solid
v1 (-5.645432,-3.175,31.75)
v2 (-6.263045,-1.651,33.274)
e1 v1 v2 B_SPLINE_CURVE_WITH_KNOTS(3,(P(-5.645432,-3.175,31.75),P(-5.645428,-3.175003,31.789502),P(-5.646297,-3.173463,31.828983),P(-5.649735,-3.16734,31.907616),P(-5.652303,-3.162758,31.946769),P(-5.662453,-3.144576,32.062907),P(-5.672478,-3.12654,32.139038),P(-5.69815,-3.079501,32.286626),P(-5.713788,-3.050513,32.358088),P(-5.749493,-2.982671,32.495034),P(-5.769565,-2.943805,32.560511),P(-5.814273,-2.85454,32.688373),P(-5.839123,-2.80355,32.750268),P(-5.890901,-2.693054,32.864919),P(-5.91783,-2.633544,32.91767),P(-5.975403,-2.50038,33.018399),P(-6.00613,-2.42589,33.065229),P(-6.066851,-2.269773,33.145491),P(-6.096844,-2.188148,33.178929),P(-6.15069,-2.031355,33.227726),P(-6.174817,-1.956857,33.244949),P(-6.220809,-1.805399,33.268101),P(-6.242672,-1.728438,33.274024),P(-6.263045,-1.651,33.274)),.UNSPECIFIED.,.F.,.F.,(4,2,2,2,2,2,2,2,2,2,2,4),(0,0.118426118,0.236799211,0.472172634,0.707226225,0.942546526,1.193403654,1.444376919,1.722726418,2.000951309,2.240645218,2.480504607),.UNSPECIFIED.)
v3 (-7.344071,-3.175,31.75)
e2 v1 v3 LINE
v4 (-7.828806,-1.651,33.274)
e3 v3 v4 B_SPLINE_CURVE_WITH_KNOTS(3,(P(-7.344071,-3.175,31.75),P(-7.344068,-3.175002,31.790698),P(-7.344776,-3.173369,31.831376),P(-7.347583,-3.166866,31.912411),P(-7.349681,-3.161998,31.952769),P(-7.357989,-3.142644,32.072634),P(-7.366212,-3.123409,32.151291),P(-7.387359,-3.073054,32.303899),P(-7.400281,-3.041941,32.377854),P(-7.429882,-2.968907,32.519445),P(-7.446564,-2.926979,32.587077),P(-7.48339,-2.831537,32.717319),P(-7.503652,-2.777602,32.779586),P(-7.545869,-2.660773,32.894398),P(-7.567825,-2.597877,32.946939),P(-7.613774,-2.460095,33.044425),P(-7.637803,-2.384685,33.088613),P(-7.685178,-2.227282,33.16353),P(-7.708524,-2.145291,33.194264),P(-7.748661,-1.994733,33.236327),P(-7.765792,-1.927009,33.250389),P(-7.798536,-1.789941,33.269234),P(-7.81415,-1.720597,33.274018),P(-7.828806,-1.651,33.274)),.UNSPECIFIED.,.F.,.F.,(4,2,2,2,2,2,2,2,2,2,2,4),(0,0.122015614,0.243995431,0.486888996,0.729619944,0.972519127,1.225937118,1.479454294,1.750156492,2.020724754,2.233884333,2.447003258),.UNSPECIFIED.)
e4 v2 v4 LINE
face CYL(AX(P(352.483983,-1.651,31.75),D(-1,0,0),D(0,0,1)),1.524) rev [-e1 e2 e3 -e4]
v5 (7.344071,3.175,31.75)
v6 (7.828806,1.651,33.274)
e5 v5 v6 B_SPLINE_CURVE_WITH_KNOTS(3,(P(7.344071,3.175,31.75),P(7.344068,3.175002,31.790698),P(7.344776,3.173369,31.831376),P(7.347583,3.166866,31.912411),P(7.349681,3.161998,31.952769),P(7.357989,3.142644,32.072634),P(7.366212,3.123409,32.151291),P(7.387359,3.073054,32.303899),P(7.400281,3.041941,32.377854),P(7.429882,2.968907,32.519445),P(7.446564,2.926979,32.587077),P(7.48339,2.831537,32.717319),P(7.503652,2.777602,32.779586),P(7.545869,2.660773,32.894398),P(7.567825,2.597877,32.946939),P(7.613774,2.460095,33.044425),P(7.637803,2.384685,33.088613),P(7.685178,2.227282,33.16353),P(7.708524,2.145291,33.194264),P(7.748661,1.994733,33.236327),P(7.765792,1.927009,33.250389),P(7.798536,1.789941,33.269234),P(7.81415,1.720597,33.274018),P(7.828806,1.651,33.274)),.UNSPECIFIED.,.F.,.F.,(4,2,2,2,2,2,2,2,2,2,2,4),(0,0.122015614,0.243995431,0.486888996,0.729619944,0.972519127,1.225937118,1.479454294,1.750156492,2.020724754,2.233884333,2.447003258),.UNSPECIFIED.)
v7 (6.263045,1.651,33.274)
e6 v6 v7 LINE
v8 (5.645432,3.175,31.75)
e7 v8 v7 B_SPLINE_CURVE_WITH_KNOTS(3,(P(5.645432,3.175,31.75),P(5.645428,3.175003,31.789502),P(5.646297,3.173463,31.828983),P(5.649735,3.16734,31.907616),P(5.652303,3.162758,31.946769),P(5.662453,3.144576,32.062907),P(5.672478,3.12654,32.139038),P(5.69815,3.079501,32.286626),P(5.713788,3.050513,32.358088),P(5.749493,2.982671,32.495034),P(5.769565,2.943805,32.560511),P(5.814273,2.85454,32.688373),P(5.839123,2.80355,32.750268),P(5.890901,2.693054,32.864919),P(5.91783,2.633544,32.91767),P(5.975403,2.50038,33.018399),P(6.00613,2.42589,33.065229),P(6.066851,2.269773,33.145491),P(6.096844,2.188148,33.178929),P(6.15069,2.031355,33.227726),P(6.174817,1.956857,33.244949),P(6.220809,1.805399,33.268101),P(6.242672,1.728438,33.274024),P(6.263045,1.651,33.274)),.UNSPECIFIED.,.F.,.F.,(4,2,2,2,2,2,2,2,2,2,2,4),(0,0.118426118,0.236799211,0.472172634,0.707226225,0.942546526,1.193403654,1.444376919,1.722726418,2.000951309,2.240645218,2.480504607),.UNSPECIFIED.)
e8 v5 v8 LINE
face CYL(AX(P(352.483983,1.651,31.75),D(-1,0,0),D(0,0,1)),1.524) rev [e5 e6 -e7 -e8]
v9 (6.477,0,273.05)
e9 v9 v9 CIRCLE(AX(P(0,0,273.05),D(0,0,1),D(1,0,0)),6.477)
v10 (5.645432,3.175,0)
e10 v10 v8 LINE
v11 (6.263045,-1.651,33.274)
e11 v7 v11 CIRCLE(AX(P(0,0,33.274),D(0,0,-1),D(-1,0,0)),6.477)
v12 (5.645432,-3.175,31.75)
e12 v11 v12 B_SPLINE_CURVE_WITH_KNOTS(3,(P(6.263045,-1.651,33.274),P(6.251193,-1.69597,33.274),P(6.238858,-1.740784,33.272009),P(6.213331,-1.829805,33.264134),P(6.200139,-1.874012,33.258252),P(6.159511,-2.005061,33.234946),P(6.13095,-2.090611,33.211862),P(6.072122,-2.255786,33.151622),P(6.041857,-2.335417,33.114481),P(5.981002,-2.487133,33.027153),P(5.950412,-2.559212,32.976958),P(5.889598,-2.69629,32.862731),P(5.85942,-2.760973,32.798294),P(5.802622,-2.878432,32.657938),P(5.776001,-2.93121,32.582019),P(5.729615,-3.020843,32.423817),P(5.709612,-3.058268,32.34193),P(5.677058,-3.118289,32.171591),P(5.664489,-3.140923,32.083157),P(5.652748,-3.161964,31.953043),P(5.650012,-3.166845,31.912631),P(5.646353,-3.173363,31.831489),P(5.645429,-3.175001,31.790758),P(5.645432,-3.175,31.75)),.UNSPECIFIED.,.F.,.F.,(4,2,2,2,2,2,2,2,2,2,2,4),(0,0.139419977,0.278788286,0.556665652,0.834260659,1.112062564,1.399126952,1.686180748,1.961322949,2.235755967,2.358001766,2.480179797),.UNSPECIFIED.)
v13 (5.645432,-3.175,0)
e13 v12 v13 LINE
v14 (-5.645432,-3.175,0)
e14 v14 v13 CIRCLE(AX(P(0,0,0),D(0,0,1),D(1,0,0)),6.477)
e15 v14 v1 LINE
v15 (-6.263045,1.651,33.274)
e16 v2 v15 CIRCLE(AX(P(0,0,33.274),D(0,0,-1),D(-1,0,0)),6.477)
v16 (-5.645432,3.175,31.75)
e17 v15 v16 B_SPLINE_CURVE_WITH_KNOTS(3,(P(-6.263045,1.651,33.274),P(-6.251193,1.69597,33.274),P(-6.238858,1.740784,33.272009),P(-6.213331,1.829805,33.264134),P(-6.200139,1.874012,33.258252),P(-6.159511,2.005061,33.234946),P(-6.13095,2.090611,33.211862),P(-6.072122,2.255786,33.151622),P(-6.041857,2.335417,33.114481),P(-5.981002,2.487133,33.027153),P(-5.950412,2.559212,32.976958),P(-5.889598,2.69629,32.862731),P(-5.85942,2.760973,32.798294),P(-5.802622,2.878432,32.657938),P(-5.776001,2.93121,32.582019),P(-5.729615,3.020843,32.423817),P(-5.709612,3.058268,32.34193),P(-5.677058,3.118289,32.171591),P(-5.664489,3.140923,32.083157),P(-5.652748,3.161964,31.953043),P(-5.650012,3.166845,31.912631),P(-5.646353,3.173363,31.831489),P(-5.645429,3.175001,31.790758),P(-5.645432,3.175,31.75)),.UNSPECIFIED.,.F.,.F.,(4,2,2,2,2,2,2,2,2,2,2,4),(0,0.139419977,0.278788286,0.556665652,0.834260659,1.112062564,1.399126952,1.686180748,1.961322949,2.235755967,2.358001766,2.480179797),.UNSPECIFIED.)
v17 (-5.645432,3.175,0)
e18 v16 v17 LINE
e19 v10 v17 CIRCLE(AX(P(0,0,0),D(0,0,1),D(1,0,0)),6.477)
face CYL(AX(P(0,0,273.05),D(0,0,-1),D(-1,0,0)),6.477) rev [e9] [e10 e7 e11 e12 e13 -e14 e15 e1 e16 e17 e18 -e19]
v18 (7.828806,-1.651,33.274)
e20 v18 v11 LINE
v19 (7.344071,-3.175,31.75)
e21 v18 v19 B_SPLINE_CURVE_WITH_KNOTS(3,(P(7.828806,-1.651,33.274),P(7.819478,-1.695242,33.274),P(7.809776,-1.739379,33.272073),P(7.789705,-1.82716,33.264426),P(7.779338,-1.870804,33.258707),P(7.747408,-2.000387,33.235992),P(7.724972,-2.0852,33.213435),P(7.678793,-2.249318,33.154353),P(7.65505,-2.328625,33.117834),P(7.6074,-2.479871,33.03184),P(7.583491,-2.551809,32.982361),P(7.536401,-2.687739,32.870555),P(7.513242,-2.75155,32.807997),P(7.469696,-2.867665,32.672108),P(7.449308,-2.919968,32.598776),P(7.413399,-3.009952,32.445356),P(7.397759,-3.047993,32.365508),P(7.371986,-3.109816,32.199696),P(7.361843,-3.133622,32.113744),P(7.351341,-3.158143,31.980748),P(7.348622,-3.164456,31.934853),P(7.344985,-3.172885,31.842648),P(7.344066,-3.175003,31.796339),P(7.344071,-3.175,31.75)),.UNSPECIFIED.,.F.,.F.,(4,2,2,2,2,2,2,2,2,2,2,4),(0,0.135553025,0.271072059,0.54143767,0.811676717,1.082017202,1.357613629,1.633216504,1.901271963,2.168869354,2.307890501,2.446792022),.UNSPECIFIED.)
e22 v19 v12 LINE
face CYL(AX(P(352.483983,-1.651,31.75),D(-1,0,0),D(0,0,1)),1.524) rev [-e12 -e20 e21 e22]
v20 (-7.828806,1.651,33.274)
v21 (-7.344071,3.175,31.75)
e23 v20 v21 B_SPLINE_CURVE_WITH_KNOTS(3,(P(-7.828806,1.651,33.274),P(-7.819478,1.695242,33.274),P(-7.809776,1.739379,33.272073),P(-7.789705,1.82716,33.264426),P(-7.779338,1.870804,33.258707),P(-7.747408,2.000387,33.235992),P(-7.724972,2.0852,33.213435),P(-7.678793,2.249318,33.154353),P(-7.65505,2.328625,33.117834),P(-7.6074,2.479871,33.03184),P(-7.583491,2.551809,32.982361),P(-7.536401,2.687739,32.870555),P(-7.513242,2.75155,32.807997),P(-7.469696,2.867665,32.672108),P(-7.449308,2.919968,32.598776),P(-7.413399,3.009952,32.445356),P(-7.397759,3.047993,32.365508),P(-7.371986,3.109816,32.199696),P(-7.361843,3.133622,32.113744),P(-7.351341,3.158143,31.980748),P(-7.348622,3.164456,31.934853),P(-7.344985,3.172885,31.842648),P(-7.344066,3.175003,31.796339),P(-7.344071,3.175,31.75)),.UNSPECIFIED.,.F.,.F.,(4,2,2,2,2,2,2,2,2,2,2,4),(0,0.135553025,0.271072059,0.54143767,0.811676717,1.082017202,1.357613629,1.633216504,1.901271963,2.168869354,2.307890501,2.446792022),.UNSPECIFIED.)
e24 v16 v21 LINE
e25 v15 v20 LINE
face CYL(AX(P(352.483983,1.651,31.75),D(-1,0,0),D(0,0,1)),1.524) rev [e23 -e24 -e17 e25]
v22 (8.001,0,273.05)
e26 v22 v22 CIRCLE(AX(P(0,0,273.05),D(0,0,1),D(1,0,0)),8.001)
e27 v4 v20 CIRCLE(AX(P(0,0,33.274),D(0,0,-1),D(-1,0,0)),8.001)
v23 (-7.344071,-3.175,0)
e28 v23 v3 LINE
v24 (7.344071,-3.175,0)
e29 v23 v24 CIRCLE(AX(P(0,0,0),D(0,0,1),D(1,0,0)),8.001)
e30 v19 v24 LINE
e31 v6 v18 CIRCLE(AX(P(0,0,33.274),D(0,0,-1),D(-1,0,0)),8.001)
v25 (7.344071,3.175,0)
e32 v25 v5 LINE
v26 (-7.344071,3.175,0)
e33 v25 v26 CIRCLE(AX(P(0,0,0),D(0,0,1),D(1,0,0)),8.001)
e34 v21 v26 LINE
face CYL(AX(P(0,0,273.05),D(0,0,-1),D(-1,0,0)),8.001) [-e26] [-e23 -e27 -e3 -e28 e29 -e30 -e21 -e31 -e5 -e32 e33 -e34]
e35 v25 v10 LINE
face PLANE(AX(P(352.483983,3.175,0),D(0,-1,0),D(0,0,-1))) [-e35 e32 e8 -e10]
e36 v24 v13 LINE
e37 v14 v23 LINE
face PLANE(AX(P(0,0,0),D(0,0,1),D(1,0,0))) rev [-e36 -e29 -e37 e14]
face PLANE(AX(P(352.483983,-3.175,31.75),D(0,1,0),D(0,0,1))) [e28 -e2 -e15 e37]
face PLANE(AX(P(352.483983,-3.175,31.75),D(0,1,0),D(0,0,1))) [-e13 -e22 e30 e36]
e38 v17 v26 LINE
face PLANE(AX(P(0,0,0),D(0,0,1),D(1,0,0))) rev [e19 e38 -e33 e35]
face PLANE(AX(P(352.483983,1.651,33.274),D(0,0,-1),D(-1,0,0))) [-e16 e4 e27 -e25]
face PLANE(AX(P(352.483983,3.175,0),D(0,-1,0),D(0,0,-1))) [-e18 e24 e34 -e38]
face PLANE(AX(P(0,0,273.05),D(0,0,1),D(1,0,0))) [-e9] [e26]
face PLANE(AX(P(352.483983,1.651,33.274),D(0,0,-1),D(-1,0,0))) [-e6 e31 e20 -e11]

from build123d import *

# Parameters (mm, degrees)
SKETCH1_R               = 8.001
SKETCH1_R_2             = 6.477
BOSS_EXTRUDE1_DEPTH     = 273.05
CUT_EXTRUDE1_DEPTH      = 9.001
CUT_EXTRUDE1_DEPTH_BACK = 9.001


with BuildPart() as part:
    # Sketch1 → Boss-Extrude1 (new body)
    with BuildSketch(Plane.XY):
        Circle(SKETCH1_R)
        Circle(SKETCH1_R_2, mode=Mode.SUBTRACT)
    extrude(amount=BOSS_EXTRUDE1_DEPTH)

    # Sketch2 → Cut-Extrude1 (cut, two sides)
    with BuildSketch(Plane(origin=(0, 0, 0), x_dir=(0, 0, -1), z_dir=(1, 0, 0))) as cut_extrude1_sk:
        with BuildLine():
            Line((556.557244855, 3.175), (0, 3.175))
            Line((0, 3.175), (-31.75, 3.175))
            ThreePointArc((-31.75, 3.175), (-32.827630735, 2.728630735), (-33.274, 1.651))
            Line((-33.274, 1.651), (-33.274, -1.651))
            ThreePointArc((-33.274, -1.651), (-32.827630735, -2.728630735), (-31.75, -3.175))
            Line((-31.75, -3.175), (0, -3.175))
            Line((0, -3.175), (556.557244855, -3.175))
            Line((556.557244855, -3.175), (1669.671734566, -3.175))
            Line((1669.671734566, -3.175), (1669.671734566, 3.175))
            Line((1669.671734566, 3.175), (556.557244855, 3.175))
        make_face()
    extrude(amount=CUT_EXTRUDE1_DEPTH, mode=Mode.SUBTRACT)
    extrude(cut_extrude1_sk.sketch, amount=-CUT_EXTRUDE1_DEPTH_BACK, mode=Mode.SUBTRACT)


solid = part.part
